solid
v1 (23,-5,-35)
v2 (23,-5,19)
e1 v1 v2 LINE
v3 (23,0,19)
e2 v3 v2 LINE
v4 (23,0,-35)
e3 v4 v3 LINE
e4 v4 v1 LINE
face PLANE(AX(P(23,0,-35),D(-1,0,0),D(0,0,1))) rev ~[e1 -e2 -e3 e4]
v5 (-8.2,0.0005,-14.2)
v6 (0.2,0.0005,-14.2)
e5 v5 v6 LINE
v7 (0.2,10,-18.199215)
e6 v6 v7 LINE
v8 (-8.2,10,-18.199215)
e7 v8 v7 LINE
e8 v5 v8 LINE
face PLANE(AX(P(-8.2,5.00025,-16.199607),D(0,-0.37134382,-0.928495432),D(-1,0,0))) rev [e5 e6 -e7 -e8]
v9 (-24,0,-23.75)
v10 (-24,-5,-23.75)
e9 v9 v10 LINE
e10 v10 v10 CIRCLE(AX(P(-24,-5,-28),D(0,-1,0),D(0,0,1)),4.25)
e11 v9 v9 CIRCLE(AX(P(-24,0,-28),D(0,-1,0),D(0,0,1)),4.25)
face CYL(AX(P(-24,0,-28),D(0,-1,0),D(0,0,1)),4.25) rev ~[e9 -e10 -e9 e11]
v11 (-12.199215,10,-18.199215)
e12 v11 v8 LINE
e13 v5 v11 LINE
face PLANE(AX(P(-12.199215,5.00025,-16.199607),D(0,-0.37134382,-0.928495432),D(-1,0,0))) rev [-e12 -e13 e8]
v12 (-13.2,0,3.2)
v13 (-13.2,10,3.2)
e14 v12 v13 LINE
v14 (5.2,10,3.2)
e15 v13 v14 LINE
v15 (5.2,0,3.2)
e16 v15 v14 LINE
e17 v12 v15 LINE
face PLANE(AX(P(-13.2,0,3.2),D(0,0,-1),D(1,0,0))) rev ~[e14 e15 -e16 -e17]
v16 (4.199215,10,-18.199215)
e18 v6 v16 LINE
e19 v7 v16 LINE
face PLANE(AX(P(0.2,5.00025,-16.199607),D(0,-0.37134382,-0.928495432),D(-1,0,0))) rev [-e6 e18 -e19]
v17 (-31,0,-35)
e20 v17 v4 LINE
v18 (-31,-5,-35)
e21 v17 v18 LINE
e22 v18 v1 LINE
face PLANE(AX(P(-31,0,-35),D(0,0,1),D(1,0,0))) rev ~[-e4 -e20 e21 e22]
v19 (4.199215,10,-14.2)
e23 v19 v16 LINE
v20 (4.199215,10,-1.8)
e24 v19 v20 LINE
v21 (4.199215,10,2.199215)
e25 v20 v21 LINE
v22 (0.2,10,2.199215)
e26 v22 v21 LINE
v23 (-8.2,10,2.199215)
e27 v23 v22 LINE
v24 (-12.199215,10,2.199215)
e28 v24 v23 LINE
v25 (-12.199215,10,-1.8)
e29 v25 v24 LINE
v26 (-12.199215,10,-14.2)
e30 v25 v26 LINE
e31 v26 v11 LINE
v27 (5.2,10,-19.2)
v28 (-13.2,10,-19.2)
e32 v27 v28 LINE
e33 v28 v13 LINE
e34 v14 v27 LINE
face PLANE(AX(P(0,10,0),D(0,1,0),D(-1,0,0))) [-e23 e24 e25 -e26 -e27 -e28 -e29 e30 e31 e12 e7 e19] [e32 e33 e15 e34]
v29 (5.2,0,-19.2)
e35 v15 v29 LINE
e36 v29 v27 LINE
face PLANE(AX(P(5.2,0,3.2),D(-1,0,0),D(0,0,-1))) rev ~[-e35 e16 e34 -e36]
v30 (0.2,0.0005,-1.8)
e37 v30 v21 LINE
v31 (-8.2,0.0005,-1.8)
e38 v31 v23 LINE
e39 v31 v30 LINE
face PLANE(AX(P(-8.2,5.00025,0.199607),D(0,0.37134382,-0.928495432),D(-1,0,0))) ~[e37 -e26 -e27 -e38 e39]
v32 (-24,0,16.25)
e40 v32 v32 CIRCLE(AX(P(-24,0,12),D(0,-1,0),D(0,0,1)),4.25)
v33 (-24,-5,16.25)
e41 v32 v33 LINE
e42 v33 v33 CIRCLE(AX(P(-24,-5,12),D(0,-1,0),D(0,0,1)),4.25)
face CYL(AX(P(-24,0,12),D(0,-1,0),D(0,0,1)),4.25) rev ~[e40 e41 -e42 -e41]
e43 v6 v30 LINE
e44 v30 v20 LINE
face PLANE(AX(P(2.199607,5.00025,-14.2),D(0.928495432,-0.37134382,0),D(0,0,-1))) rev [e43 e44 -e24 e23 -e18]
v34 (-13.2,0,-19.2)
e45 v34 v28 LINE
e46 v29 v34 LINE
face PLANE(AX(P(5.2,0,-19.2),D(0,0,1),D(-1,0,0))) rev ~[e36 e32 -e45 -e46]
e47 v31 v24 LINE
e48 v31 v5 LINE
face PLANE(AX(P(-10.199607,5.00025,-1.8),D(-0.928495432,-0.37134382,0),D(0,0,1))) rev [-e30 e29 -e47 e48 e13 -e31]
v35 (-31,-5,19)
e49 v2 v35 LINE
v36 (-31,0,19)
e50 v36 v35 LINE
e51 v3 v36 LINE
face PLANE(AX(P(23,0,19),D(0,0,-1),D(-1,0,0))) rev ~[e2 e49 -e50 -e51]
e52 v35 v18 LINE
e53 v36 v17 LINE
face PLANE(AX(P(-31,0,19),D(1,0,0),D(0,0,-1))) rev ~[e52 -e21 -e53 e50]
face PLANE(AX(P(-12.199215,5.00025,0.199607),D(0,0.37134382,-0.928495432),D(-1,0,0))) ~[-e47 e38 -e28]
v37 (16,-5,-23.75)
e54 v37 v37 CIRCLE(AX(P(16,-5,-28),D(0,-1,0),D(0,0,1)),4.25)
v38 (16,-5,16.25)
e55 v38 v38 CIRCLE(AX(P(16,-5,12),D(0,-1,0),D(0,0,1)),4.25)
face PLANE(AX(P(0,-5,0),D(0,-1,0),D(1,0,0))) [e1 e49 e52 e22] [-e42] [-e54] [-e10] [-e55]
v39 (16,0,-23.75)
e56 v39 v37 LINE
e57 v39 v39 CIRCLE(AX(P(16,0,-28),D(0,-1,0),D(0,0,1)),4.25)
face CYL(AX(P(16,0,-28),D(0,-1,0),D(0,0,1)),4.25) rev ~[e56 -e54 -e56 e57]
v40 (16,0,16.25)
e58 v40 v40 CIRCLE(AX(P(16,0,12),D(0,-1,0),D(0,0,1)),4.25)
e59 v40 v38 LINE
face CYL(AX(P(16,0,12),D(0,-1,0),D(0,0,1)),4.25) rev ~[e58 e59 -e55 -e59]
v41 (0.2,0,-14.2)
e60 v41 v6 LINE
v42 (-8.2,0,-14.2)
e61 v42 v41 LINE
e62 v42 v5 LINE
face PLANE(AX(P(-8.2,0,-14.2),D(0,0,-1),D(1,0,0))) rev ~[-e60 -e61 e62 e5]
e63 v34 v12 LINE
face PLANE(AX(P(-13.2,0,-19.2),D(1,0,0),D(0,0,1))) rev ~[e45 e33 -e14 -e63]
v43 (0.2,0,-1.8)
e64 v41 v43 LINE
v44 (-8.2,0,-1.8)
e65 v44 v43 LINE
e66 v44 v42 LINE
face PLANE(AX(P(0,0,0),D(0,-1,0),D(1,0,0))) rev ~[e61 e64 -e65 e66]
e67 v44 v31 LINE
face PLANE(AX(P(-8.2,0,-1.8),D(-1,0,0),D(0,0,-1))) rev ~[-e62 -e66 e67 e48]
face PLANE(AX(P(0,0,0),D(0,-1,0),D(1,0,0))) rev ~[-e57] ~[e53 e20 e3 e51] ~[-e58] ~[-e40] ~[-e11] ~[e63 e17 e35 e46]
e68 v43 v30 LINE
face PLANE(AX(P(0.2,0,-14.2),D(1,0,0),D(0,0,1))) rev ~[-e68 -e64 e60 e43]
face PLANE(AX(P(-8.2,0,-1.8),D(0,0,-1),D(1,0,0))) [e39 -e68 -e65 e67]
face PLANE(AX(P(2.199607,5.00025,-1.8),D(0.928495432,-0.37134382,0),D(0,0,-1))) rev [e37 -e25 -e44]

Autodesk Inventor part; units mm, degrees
ref_plane "YZ Plane" through (0, 0, 0) normal (1, 0, 0) x (0, 1, 0)
ref_plane "XZ Plane" through (0, 0, 0) normal (0, 1, 0) x (-1, 0, 0)
ref_plane "XY Plane" through (0, 0, 0) normal (0, 0, 1) x (1, 0, 0)
sketch "Skizze1" plane through (0, 0, 0) normal (0, 1, 0) x (-1, 0, 0)
  line L0 (8.2, -1.8) -> (8.2, -14.2)
  line L1 (8.2, -14.2) -> (-0.2, -14.2)
  line L2 (-0.2, -14.2) -> (-0.2, -1.8)
  line L3 (-7, 5) -> (15, 5)
  line L4 (15, 5) -> (15, -21)
  line L5 (15, -21) -> (-7, -21)
  line L6 (-7, -21) -> (-7, 5)
  line L7 (8.2, -1.8) -> (-0.2, -1.8)
  line L8 (13.2, 3.2) -> (-5.2, 3.2)
  line L9 (-5.2, 3.2) -> (-5.2, -19.2)
  line L10 (-5.2, -19.2) -> (13.2, -19.2)
  line L11 (13.2, -19.2) -> (13.2, 3.2)
  point P0 (0, 0)
  point P1 (8, 0)
  point P2 (4, 0)
  point P3 (4, 5)
  point P4 (4, -14.2)
  point P5 (13.2, -8)
  point P6 (8.2, -8)
  point P7 (4, -19.2)
  point P8 (-5.2, -8)
  dimension "d2" = 6.8
  dimension "d3" = 6.8
  dimension "d56" = 26
  dimension "d57" = 22
  dimension "d58" = 6.8
  dimension "d59" = 6.8
  dimension "d61" = 5
  dimension "d62" = 5
  dimension "d63" = 5
  dimension "d65" = 1.8
  dimension "d66" = 0.2
  dimension "d67" = 5
extrude "Extrusion1" add sketch "Skizze1" along normal blind 10 contours L11 L10 L9 L8
sketch "Skizze2" plane through (0, 0, 0) normal (0, -1, 0) x (1, 0, 0)
  line L0 (23, 19) -> (-31, 19)
  line L1 (-31, 19) -> (-31, -35)
  line L2 (-31, -35) -> (23, -35)
  line L3 (23, -35) -> (23, 19)
  line L4 (-15, -21) -> (-15, 5) projected
  line L5 (7, -21) -> (-15, -21) projected
  line L6 (7, 5) -> (7, -21) projected
  line L7 (-15, 5) -> (7, 5) projected
  point P0 (0, 0)
  dimension "d11" = 16
  dimension "d12" = 14
  dimension "d13" = 16
  dimension "d14" = 14
  dimension "d35" = 54
  dimension "d36" = 54
extrude "Extrusion2" add sketch "Skizze2" along normal blind 5 contours L3 L2 L1 L0 | L4 L7 L6 L5
sketch "Skizze4" plane through (0, 0, 0) normal (0, 1, 0) x (1, 0, 0)
  line L0 (23, 35) -> (23, -19) projected
  line L1 (-31, 35) -> (23, 35) projected
  line L2 (23, -19) -> (-31, -19) projected
  line L3 (-31, -19) -> (-31, 35) projected
  point P0 (0, 0)
  point P1 (16, 28)
  point P2 (16, -12)
  point P3 (-24, -12)
  point P4 (-24, 28)
  dimension "d44" = 7
  dimension "d45" = 7
  dimension "d46" = 7
  dimension "d47" = 7
  dimension "d48" = 7
  dimension "d49" = 7
  dimension "d50" = 7
  dimension "d51" = 7
  dimension "d52" = 40
  dimension "d53" = 40
  dimension "d54" = 40
  dimension "d55" = 40
hole "Bohrung1" at (16, 0, -28) at (16, 0, 12) at (-24, 0, 12) at (-24, 0, -28) direction (0, -1, 0) diameter 8.5 depth 5
chamfer "Fasen5" distance 10 angle 21.8 1 edges at (-8.2, 10, -8) measured on face at (-8.2, 3.3333, -5.9333)
chamfer "Fasen6" distance 10 angle 21.8 1 edges at (-4, 10, -1.8) measured on face at (-2.6, 3.3335, -1.8)
chamfer "Fasen7" distance 10 angle 21.8 1 edges at (0.2, 10, -8) measured on face at (0.2, 3.3335, -10.0667)
chamfer "Fasen8" distance 10 angle 21.8 1 edges at (-4, 10, -14.2) measured on face at (-2.6, 6.6668, -14.2)
properties part number "Magazin_1_3D-Druck"
